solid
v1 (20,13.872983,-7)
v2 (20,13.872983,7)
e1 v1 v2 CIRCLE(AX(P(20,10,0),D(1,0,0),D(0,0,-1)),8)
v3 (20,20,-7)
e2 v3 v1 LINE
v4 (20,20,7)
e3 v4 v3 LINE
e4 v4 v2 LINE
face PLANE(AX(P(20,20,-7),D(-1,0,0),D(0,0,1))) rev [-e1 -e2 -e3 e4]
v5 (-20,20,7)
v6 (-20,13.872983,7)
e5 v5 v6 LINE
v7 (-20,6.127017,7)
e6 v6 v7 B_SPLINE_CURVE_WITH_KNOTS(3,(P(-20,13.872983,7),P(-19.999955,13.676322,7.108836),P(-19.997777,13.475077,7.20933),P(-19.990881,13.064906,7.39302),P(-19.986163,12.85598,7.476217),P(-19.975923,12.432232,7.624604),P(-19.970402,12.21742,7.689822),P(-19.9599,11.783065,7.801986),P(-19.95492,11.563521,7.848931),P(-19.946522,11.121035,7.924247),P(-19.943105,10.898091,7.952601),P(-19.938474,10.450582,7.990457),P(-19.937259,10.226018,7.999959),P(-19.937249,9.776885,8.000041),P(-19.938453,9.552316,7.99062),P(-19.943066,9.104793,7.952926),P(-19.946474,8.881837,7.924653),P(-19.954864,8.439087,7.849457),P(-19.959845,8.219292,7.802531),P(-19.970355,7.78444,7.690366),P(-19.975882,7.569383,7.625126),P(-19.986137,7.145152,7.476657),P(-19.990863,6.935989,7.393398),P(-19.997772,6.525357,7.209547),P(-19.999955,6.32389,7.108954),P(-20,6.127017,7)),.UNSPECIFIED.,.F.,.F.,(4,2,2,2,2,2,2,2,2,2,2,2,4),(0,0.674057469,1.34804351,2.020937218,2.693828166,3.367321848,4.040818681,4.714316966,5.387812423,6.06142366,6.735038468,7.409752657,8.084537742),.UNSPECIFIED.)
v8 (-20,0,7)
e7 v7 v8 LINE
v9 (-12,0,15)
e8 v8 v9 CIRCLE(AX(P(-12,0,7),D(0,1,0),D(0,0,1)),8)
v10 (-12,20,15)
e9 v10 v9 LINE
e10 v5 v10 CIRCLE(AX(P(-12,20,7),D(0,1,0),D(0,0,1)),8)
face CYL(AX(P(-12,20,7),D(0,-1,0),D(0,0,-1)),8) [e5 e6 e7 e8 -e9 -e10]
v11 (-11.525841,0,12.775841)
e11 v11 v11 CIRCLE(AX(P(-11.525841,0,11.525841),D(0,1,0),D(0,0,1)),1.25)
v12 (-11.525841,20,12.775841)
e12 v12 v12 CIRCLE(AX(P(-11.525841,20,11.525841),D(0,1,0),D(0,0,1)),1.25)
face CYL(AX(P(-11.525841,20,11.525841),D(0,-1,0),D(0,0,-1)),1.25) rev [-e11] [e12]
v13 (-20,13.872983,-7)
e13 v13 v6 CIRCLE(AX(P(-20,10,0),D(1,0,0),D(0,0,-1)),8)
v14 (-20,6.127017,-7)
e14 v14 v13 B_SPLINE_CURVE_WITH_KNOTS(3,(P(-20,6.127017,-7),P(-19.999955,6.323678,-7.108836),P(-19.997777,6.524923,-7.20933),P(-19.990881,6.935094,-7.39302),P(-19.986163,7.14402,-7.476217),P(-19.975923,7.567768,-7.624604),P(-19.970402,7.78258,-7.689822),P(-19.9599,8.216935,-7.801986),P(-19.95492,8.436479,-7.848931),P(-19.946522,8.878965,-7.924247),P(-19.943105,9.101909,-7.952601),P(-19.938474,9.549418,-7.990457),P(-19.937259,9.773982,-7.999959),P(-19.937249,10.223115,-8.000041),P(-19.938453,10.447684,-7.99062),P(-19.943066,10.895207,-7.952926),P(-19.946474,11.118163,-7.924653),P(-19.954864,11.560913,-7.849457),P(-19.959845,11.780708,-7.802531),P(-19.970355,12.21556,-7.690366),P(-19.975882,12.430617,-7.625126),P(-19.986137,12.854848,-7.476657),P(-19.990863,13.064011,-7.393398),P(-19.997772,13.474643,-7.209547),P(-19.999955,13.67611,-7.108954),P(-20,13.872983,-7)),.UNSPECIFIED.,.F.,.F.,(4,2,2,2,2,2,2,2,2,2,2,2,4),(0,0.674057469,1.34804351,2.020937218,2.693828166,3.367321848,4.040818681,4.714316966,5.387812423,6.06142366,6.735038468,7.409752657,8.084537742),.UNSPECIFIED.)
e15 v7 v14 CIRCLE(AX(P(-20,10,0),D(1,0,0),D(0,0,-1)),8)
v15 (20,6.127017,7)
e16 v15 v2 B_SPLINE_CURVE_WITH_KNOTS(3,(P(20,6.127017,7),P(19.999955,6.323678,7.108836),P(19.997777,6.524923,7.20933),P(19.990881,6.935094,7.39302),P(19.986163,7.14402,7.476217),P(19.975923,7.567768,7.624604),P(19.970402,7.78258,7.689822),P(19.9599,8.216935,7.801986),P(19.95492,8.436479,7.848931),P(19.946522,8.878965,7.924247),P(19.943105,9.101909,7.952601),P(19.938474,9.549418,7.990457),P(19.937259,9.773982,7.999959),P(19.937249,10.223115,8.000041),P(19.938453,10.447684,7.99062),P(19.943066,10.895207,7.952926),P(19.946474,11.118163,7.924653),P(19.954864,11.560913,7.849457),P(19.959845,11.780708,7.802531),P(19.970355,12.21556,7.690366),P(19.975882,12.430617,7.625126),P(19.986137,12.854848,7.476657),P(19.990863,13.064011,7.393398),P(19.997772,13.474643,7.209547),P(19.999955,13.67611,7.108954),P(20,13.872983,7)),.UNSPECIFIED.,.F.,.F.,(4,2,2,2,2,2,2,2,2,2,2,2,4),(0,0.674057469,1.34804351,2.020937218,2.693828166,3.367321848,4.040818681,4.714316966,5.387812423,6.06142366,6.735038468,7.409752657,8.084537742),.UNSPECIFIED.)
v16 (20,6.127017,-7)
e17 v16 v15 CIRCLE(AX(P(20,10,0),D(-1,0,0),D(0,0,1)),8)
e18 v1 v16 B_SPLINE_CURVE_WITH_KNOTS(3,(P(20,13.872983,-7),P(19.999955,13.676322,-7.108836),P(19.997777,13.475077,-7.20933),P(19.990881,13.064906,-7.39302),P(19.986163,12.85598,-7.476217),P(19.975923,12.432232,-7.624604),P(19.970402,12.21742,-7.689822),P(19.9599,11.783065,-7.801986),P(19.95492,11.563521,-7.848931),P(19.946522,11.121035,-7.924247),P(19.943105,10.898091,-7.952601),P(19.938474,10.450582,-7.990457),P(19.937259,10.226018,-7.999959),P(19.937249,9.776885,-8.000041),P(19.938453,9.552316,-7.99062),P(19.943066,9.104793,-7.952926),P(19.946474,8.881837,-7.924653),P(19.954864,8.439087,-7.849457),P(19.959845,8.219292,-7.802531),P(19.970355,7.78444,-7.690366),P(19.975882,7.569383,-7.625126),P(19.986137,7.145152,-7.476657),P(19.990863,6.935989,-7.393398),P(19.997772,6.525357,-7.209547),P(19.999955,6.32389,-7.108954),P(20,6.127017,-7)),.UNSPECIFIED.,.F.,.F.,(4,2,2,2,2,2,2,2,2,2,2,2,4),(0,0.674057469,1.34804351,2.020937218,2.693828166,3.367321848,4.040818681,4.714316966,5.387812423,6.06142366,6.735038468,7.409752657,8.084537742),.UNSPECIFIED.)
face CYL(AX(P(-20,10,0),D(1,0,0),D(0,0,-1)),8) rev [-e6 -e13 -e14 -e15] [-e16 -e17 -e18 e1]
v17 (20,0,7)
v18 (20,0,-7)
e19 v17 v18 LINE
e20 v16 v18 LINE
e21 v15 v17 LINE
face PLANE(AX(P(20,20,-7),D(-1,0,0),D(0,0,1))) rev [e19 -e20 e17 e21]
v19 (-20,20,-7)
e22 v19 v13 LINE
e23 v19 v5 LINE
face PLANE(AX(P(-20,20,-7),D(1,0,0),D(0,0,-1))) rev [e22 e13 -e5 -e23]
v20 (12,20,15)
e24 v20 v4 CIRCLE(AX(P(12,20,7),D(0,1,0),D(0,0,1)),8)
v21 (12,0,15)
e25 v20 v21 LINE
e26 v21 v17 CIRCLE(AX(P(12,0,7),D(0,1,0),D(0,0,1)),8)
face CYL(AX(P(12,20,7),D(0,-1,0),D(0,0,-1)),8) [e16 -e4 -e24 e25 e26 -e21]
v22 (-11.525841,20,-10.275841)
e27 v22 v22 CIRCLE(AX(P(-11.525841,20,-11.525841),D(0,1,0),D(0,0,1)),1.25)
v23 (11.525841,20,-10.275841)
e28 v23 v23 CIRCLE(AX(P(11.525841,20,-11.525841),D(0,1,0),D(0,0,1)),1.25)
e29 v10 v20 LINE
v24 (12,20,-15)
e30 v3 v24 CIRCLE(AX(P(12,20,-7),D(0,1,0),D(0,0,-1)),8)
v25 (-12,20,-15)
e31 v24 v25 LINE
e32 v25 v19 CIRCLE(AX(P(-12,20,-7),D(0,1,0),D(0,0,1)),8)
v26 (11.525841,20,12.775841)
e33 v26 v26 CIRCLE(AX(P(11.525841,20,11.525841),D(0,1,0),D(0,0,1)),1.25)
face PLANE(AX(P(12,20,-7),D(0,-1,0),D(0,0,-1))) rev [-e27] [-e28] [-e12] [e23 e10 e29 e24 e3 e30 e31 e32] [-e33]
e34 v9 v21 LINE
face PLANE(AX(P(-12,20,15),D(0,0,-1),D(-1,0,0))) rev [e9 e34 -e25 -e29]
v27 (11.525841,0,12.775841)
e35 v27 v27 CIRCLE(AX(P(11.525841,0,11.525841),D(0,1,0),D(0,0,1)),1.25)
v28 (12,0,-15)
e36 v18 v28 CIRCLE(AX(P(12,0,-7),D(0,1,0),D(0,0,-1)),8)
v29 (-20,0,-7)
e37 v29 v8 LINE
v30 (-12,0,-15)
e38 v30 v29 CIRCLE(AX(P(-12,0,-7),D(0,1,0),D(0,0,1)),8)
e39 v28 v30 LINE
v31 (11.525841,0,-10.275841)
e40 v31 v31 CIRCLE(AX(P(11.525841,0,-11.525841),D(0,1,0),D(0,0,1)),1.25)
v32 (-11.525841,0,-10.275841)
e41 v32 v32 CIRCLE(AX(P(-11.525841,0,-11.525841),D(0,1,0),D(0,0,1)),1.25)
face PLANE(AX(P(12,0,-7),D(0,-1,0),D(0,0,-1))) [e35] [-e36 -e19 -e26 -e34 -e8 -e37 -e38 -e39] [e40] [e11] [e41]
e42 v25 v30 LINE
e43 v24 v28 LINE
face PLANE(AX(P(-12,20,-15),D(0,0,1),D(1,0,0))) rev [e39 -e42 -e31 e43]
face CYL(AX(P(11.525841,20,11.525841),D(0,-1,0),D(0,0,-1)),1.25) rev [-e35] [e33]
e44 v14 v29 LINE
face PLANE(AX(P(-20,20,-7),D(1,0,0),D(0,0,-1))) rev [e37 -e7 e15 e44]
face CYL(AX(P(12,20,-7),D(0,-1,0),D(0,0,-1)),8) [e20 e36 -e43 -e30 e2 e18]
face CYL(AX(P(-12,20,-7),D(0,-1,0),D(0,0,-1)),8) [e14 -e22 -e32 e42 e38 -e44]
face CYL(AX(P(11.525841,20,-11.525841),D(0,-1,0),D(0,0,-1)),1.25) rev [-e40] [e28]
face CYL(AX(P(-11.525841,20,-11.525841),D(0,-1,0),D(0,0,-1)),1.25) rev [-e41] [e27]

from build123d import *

# Parameters (mm, degrees)
SKETCH_2_R          = 1.25
EXTRUDE_1_DEPTH     = 20
SKETCH_3_R          = 8
CUT_EXTRUDE_1_DEPTH = 48.16990566


with BuildPart() as part:
    # 草圖2 → 填料-伸長1 (new body)
    with BuildSketch(Plane(origin=(0, 0, 0), x_dir=(1, 0, 0), z_dir=(0, 1, 0))):
        with BuildLine():
            Line((-12, 15), (12, 15))
            ThreePointArc((12, 15), (17.656854249, 12.656854249), (20, 7))
            Line((20, 7), (20, -7))
            ThreePointArc((20, -7), (17.656854249, -12.656854249), (12, -15))
            Line((12, -15), (-12, -15))
            ThreePointArc((-12, -15), (-17.656854249, -12.656854249), (-20, -7))
            Line((-20, -7), (-20, 7))
            ThreePointArc((-20, 7), (-17.656854249, 12.656854249), (-12, 15))
        make_face()
        with Locations(Location((-11.525840533, 11.525840533, 0), (0, 0, 270))):
            Circle(SKETCH_2_R, mode=Mode.SUBTRACT)
        with Locations(Location((11.525840533, 11.525840533, 0), (0, 0, 270))):
            Circle(SKETCH_2_R, mode=Mode.SUBTRACT)
        with Locations(Location((11.525840533, -11.525840533, 0), (0, 0, 270))):
            Circle(SKETCH_2_R, mode=Mode.SUBTRACT)
        with Locations(Location((-11.525840533, -11.525840533, 0), (0, 0, 270))):
            Circle(SKETCH_2_R, mode=Mode.SUBTRACT)
    extrude(amount=EXTRUDE_1_DEPTH)

    # 草圖3 → 除料-伸長1 (cut, through all)
    with BuildSketch(Plane(origin=(20, 0, 0), x_dir=(0, 0, -1), z_dir=(1, 0, 0))):
        with Locations(Location((0, 10, 0), (0, 0, 331.044975628))):
            Circle(SKETCH_3_R)
    extrude(amount=-CUT_EXTRUDE_1_DEPTH, mode=Mode.SUBTRACT)


solid = part.part
